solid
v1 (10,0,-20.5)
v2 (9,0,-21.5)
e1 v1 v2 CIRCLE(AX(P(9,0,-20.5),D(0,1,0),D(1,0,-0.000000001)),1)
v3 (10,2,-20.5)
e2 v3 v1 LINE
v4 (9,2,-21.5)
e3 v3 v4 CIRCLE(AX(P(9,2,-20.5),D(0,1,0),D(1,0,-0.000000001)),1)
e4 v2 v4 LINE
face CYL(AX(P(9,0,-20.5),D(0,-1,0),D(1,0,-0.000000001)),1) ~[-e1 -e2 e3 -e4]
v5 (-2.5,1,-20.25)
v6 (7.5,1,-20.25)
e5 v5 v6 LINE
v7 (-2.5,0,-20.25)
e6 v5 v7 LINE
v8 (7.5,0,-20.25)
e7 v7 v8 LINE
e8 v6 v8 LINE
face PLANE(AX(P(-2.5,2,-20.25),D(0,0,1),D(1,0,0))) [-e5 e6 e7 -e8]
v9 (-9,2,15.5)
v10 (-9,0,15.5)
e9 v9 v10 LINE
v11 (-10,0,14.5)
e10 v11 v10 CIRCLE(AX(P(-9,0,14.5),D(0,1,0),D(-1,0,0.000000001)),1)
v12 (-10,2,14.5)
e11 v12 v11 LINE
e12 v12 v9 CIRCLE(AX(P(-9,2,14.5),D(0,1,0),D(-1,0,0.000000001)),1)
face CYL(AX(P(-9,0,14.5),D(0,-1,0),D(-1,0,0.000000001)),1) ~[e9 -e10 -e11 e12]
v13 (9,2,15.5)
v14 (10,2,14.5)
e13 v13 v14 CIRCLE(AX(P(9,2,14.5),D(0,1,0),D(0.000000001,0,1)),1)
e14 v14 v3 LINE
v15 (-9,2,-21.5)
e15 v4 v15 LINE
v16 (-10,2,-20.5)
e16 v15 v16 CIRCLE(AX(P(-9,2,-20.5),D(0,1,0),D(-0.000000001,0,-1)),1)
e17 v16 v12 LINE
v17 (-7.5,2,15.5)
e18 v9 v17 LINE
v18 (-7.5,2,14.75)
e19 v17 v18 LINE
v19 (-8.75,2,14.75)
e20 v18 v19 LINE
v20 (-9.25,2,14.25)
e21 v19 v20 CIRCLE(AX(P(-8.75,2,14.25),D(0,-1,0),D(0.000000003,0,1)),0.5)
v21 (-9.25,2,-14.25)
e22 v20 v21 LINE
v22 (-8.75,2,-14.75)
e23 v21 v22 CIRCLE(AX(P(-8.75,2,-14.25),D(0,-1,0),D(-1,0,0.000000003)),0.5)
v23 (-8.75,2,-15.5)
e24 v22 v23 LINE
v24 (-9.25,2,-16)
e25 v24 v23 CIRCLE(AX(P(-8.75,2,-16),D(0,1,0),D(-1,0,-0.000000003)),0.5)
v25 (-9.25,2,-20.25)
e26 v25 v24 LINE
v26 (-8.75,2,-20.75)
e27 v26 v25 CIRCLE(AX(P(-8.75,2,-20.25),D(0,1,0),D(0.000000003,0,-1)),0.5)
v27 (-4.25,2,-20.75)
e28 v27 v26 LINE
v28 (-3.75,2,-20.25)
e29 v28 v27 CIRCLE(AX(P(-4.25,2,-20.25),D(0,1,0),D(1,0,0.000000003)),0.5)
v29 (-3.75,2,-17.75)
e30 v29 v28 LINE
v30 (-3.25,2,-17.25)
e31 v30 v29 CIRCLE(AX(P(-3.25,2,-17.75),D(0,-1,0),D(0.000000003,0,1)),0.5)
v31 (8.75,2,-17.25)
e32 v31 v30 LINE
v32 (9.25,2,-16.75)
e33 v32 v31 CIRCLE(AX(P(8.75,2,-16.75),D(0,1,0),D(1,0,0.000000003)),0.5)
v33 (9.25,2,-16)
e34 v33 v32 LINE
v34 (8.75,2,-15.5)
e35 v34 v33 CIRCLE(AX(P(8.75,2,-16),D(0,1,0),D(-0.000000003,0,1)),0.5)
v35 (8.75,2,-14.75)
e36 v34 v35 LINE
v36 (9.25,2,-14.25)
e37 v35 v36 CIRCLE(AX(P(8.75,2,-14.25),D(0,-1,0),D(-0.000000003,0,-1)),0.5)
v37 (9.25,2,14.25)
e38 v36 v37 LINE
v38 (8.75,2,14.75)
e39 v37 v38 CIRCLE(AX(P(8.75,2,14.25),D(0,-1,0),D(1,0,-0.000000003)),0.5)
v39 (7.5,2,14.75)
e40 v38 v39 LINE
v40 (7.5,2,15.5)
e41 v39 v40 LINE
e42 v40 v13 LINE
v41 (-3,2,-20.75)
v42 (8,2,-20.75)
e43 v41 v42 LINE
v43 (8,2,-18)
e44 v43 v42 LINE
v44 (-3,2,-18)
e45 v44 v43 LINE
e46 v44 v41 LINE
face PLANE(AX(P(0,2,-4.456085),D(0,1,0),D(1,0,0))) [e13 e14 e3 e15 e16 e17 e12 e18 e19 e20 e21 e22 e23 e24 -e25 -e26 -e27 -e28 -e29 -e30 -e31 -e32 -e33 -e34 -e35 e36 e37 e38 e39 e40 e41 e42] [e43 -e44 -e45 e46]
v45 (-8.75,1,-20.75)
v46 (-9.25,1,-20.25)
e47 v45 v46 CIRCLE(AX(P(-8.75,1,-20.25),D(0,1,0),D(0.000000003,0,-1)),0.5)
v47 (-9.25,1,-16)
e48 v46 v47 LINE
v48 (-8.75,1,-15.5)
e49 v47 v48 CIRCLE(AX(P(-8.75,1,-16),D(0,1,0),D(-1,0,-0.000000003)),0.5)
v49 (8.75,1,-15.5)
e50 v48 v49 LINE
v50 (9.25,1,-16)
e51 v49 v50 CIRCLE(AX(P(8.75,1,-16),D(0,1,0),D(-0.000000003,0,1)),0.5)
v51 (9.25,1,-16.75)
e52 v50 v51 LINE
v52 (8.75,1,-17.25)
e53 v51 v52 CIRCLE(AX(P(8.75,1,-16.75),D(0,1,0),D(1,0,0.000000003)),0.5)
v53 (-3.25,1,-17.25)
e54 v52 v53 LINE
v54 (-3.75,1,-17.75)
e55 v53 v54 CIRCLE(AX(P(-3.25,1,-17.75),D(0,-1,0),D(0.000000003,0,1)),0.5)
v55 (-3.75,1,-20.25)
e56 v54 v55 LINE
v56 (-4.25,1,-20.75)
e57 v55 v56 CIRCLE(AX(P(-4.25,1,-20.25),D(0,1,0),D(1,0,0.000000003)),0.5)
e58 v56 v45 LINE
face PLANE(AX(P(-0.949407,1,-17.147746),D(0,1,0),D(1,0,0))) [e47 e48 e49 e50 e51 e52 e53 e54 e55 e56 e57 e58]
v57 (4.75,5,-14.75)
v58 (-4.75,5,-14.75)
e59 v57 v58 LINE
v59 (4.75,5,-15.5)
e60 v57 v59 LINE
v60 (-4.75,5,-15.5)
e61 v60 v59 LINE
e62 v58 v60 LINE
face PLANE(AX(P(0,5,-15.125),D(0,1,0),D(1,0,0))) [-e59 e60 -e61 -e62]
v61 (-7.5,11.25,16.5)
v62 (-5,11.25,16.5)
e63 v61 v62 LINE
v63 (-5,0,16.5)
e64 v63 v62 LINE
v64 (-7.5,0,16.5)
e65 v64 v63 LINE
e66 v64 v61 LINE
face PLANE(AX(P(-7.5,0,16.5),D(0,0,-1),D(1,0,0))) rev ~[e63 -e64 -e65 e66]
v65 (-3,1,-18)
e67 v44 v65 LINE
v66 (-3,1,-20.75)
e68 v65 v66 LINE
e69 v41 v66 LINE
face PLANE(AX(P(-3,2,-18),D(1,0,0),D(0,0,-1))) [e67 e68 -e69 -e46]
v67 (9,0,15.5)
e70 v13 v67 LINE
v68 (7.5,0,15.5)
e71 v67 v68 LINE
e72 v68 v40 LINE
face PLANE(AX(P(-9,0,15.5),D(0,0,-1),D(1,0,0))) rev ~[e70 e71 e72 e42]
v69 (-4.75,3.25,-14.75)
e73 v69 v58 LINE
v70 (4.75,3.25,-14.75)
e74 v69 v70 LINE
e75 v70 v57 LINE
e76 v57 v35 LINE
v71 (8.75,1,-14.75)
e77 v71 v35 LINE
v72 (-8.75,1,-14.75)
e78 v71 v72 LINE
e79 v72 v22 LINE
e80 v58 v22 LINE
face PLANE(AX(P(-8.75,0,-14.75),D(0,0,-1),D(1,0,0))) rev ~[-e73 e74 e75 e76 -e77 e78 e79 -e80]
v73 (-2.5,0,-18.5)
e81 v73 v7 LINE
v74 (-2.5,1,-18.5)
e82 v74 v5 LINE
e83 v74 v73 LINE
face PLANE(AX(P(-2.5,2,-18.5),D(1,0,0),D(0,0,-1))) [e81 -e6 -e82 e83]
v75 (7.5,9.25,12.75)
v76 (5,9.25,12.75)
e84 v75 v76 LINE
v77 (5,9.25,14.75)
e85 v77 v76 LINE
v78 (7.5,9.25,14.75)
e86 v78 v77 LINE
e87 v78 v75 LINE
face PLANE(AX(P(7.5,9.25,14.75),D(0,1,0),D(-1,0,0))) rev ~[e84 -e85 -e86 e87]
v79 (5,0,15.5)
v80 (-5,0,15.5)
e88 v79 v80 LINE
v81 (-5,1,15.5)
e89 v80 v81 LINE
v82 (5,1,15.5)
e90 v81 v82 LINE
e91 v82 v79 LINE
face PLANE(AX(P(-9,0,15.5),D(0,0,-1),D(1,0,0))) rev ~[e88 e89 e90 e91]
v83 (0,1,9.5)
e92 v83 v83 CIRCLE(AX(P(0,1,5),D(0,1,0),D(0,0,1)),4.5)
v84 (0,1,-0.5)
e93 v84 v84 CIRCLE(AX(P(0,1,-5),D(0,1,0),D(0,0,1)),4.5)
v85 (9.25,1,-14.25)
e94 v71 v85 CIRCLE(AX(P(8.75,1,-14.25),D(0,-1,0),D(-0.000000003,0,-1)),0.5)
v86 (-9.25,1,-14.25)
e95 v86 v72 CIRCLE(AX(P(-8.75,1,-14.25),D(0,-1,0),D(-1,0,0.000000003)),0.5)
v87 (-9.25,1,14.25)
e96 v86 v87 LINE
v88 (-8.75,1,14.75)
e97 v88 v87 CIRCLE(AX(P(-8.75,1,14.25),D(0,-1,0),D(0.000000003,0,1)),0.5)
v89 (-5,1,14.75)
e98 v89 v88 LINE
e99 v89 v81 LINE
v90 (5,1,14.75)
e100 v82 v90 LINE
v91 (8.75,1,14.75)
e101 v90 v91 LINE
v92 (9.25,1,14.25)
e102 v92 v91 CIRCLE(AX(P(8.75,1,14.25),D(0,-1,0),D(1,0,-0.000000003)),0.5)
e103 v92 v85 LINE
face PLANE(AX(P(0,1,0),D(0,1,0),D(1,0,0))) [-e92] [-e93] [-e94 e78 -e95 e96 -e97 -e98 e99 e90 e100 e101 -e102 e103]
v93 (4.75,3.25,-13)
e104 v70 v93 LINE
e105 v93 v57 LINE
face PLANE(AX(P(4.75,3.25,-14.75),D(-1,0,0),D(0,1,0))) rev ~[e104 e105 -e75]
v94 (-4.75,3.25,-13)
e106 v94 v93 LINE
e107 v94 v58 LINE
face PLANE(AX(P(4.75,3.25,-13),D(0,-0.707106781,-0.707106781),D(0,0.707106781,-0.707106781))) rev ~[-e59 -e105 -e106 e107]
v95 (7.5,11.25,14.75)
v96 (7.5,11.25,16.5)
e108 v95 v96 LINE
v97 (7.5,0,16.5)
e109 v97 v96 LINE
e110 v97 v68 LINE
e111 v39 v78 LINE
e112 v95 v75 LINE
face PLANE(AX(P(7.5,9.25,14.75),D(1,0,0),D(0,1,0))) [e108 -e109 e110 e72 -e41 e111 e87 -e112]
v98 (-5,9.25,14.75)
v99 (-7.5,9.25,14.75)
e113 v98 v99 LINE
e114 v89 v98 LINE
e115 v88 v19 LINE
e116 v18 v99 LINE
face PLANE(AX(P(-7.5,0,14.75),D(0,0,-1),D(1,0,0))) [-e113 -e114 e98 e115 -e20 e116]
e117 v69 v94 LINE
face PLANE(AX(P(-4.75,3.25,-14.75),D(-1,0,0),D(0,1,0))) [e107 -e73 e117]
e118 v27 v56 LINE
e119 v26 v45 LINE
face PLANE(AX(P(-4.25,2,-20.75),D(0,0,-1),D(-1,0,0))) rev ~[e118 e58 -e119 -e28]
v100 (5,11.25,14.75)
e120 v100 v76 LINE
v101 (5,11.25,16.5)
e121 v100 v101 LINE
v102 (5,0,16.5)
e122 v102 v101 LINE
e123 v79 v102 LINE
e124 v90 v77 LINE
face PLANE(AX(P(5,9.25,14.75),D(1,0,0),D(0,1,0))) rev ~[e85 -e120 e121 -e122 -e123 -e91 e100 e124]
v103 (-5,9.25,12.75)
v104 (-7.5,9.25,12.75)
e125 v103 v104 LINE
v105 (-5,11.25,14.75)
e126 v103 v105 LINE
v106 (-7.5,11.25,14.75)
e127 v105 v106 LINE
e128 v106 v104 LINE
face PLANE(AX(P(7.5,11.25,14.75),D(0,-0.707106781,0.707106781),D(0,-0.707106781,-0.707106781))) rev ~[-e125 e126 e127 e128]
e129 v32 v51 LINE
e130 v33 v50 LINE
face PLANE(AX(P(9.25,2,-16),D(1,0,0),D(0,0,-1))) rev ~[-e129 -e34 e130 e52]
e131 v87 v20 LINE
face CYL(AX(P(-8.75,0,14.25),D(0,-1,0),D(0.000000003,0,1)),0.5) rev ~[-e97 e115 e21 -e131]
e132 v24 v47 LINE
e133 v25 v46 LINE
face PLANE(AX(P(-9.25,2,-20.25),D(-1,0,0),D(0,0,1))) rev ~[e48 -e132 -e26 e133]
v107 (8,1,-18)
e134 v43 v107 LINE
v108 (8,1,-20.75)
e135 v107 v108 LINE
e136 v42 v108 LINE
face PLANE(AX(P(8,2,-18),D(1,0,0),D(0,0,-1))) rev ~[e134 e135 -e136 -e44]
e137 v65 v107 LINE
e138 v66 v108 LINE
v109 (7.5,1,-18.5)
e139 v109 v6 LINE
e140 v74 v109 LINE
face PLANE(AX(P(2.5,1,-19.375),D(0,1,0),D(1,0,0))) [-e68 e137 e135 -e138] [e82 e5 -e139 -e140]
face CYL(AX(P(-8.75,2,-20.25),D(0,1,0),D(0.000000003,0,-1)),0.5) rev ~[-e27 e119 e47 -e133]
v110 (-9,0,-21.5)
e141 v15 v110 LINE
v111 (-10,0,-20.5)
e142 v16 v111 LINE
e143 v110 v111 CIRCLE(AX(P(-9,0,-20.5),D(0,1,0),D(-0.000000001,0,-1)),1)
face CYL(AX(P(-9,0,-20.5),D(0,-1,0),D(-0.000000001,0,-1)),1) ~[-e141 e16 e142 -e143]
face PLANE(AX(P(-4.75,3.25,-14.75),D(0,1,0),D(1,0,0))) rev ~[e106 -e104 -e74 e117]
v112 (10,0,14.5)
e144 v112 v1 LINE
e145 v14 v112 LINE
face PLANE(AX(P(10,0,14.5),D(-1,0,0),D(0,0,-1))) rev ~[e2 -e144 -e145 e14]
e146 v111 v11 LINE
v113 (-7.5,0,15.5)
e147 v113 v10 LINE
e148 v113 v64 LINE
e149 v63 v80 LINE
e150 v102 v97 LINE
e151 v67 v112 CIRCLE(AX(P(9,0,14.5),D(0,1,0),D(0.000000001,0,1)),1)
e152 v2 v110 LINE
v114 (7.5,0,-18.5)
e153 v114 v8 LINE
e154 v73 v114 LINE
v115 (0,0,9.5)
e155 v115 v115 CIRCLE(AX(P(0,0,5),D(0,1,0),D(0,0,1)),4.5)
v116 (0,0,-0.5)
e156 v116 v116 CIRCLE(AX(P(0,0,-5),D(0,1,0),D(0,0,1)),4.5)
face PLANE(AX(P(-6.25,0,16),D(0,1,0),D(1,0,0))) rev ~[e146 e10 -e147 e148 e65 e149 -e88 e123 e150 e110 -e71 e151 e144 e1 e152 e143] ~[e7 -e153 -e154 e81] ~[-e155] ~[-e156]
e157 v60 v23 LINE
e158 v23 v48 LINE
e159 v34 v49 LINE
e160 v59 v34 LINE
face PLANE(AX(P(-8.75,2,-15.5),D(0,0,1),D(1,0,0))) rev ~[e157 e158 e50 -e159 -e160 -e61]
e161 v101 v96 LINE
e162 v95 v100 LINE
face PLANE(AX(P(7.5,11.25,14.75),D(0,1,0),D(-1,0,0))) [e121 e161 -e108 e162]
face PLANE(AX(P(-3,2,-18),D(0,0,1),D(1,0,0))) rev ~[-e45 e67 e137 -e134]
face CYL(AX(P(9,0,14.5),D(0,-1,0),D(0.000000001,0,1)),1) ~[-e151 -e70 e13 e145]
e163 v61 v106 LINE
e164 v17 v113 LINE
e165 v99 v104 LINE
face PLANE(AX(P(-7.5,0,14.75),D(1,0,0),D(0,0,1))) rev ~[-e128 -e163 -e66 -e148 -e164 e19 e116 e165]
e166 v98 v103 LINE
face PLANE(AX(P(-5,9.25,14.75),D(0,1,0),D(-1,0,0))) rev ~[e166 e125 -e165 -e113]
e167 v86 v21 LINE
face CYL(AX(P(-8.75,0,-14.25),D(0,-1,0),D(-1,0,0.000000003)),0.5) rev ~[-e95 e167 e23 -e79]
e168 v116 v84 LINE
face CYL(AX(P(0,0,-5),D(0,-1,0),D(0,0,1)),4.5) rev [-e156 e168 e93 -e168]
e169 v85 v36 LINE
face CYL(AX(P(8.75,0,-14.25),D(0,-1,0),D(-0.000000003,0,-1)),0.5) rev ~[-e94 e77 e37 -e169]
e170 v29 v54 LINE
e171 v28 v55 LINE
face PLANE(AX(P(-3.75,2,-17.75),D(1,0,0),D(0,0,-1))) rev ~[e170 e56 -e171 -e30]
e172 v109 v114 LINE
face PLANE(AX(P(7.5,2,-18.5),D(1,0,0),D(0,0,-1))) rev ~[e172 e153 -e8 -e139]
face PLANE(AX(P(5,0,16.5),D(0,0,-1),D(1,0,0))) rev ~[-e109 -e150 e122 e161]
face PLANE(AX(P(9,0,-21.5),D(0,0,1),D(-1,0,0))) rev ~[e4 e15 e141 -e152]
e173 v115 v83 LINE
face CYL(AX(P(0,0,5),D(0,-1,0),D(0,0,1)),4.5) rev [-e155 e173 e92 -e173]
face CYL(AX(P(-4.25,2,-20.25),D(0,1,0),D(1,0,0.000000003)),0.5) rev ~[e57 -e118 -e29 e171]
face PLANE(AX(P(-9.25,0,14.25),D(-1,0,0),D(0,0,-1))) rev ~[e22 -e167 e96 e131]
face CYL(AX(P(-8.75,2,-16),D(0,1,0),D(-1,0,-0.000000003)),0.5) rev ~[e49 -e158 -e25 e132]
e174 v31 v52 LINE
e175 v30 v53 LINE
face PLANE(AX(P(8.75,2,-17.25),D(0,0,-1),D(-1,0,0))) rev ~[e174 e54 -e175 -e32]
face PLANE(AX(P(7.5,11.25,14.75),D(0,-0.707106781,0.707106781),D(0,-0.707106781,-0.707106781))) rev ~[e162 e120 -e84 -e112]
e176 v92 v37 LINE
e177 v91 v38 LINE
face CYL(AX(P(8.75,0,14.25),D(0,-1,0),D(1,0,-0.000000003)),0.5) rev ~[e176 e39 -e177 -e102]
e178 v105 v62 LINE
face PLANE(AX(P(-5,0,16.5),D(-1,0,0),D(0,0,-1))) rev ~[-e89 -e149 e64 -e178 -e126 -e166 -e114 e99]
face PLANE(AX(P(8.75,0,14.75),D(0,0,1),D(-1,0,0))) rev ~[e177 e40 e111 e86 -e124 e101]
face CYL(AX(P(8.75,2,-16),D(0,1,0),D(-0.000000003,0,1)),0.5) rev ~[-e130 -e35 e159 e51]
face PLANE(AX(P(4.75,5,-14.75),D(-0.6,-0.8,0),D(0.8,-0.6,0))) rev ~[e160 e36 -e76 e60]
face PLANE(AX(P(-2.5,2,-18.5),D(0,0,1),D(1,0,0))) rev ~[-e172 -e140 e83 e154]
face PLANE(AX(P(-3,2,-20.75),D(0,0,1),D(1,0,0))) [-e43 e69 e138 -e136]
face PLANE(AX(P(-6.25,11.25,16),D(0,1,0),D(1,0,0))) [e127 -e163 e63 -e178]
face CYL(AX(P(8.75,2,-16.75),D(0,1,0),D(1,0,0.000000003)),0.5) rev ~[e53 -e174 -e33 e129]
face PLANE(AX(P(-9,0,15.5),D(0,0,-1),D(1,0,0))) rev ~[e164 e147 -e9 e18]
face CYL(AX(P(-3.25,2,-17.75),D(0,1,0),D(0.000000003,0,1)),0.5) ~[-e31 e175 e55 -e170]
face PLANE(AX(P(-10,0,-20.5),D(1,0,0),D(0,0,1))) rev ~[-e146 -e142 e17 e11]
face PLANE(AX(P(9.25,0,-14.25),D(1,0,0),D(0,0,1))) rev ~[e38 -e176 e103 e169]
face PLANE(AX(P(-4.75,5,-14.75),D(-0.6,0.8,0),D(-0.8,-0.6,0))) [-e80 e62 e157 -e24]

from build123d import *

# Parameters (mm, degrees)
BOSS_EXTRUDE1_DEPTH  = 1
PCB_HOLDER_52_R      = 4.5
BOSS_EXTRUDE2_DEPTH  = 1
BOSS_EXTRUDE3_DEPTH  = 2
PCB_HOLDER_57_W      = 17.5
PCB_HOLDER_57_H      = 0.75
BOSS_EXTRUDE7_DEPTH  = 5
SKETCH6_W            = 9.5
SKETCH6_H            = 1.75
BOSS_EXTRUDE9_DEPTH  = 1.75
CUT_EXTRUDE7_DEPTH   = 0.75
PCB_HOLDER_58_W      = 2.5
PCB_HOLDER_58_H      = 1
PCB_HOLDER_58_H_2    = 0.75
BOSS_EXTRUDE10_DEPTH = 11.25
SKETCH10_W           = 2.5
SKETCH10_H           = 2
BOSS_EXTRUDE11_DEPTH = 2
CUT_EXTRUDE8_DEPTH   = 15
CUT_EXTRUDE12_DEPTH  = 9.5
SKETCH12_W           = 11
SKETCH12_H           = 2.75
SKETCH12_W_2         = 10
SKETCH12_H_2         = 1.75
CUT_EXTRUDE15_DEPTH  = 1
SKETCH12_3_W         = 10
SKETCH12_3_H         = 1.75
CUT_EXTRUDE16_DEPTH  = 2


with BuildPart() as part:
    # PCB holder → Boss-Extrude1 (new body)
    with BuildSketch(Plane(origin=(0, 0, 0), x_dir=(1, 0, 0), z_dir=(0, 1, 0))):
        with BuildLine():
            Line((9, 21.5), (-9, 21.5))
            ThreePointArc((-9, 21.5), (-9.707106781, 21.207106781), (-10, 20.5))
            Line((-10, 20.5), (-10, -14.5))
            ThreePointArc((-10, -14.5), (-9.707106781, -15.207106781), (-9, -15.5))
            Line((-9, -15.5), (9, -15.5))
            ThreePointArc((9, -15.5), (9.707106781, -15.207106781), (10, -14.5))
            Line((10, -14.5), (10, 20.5))
            ThreePointArc((10, 20.5), (9.707106781, 21.207106781), (9, 21.5))
        make_face()
        with BuildLine():
            Line((9.25, 14.25), (9.25, -14.25))
            ThreePointArc((9.25, -14.25), (9.103553391, -14.603553391), (8.75, -14.75))
            Line((8.75, -14.75), (-8.75, -14.75))
            ThreePointArc((-8.75, -14.75), (-9.103553391, -14.603553391), (-9.25, -14.25))
            Line((-9.25, -14.25), (-9.25, 14.25))
            ThreePointArc((-9.25, 14.25), (-9.103553391, 14.603553391), (-8.75, 14.75))
            Line((-8.75, 14.75), (8.75, 14.75))
            ThreePointArc((8.75, 14.75), (9.103553391, 14.603553391), (9.25, 14.25))
        make_face(mode=Mode.SUBTRACT)
    extrude(amount=BOSS_EXTRUDE1_DEPTH)

    # PCB holder<52> → Boss-Extrude2 (add)
    with BuildSketch(Plane(origin=(0, 0, 0), x_dir=(1, 0, 0), z_dir=(0, 1, 0))):
        with BuildLine():
            Line((-9.25, 14.25), (-9.25, -14.25))
            ThreePointArc((-9.25, -14.25), (-9.103553391, -14.603553391), (-8.75, -14.75))
            Line((-8.75, -14.75), (8.75, -14.75))
            ThreePointArc((8.75, -14.75), (9.103553391, -14.603553391), (9.25, -14.25))
            Line((9.25, -14.25), (9.25, 14.25))
            ThreePointArc((9.25, 14.25), (9.103553391, 14.603553391), (8.75, 14.75))
            Line((8.75, 14.75), (-8.75, 14.75))
            ThreePointArc((-8.75, 14.75), (-9.103553391, 14.603553391), (-9.25, 14.25))
        make_face()
        with Locations(Location((0, -5, 0), (0, 0, 270))):
            Circle(PCB_HOLDER_52_R, mode=Mode.SUBTRACT)
        with Locations(Location((0, 5, 0), (0, 0, 270))):
            Circle(PCB_HOLDER_52_R, mode=Mode.SUBTRACT)
    extrude(amount=BOSS_EXTRUDE2_DEPTH)

    # PCB holder<55> → Boss-Extrude3 (add)
    with BuildSketch(Plane(origin=(0, 0, 0), x_dir=(1, 0, 0), z_dir=(0, 1, 0))):
        with BuildLine():
            Line((8.75, 15.5), (8.75, 14.75))
            ThreePointArc((8.75, 14.75), (9.103553391, 14.603553391), (9.25, 14.25))
            Line((9.25, 14.25), (9.25, -14.25))
            ThreePointArc((9.25, -14.25), (9.103553391, -14.603553391), (8.75, -14.75))
            Line((8.75, -14.75), (7.5, -14.75))
            Line((7.5, -14.75), (7.5, -15.5))
            Line((7.5, -15.5), (9, -15.5))
            ThreePointArc((9, -15.5), (9.707106781, -15.207106781), (10, -14.5))
            Line((10, -14.5), (10, 20.5))
            ThreePointArc((10, 20.5), (9.707106781, 21.207106781), (9, 21.5))
            Line((9, 21.5), (-9, 21.5))
            ThreePointArc((-9, 21.5), (-9.707106781, 21.207106781), (-10, 20.5))
            Line((-10, 20.5), (-10, -14.5))
            ThreePointArc((-10, -14.5), (-9.707106781, -15.207106781), (-9, -15.5))
            Line((-9, -15.5), (-7.5, -15.5))
            Line((-7.5, -15.5), (-7.5, -14.75))
            Line((-7.5, -14.75), (-8.75, -14.75))
            ThreePointArc((-8.75, -14.75), (-9.103553391, -14.603553391), (-9.25, -14.25))
            Line((-9.25, -14.25), (-9.25, 14.25))
            ThreePointArc((-9.25, 14.25), (-9.103553391, 14.603553391), (-8.75, 14.75))
            Line((-8.75, 14.75), (-8.75, 15.5))
            Line((-8.75, 15.5), (8.75, 15.5))
        make_face()
    extrude(amount=BOSS_EXTRUDE3_DEPTH)

    # PCB holder<57> → Boss-Extrude7 (add)
    with BuildSketch(Plane(origin=(0, 0, 0), x_dir=(1, 0, 0), z_dir=(0, 1, 0))):
        with Locations((0, 15.125)):
            Rectangle(PCB_HOLDER_57_W, PCB_HOLDER_57_H)
    extrude(amount=BOSS_EXTRUDE7_DEPTH)

    # Sketch6 → Boss-Extrude9 (add)
    with BuildSketch(Plane.XY.offset(-14.75)):
        with Locations((0, 4.125)):
            Rectangle(SKETCH6_W, SKETCH6_H)
    extrude(amount=BOSS_EXTRUDE9_DEPTH)

    # Sketch8 → Cut-Extrude7 (cut)
    with BuildSketch(Plane.XY.offset(-14.75)):
        Polygon((4.75, 5), (8.75, 2), (8.75, 5), align=None)
        Polygon((-4.75, 5), (-8.75, 2), (-8.75, 5), align=None)
    extrude(amount=-CUT_EXTRUDE7_DEPTH, mode=Mode.SUBTRACT)

    # PCB holder<58> → Boss-Extrude10 (add)
    with BuildSketch(Plane(origin=(0, 0, 0), x_dir=(1, 0, 0), z_dir=(0, 1, 0))):
        with Locations((-6.25, -16)):
            Rectangle(PCB_HOLDER_58_W, PCB_HOLDER_58_H)
        with Locations((-6.25, -15.125)):
            Rectangle(PCB_HOLDER_58_W, PCB_HOLDER_58_H_2)
        with Locations((6.25, -16)):
            Rectangle(PCB_HOLDER_58_W, PCB_HOLDER_58_H)
        with Locations((6.25, -15.125)):
            Rectangle(PCB_HOLDER_58_W, PCB_HOLDER_58_H_2)
    extrude(amount=BOSS_EXTRUDE10_DEPTH)

    # Sketch10 → Boss-Extrude11 (add)
    with BuildSketch(Plane(origin=(0, 0, 14.75), x_dir=(-1, 0, 0), z_dir=(0, 0, -1))):
        with Locations((-6.25, 10.25)):
            Rectangle(SKETCH10_W, SKETCH10_H)
        with Locations((6.25, 10.25)):
            Rectangle(SKETCH10_W, SKETCH10_H)
    extrude(amount=BOSS_EXTRUDE11_DEPTH)

    # Sketch11 → Cut-Extrude8 (cut)
    with BuildSketch(Plane(origin=(7.5, 0, 0), x_dir=(0, 0, -1), z_dir=(1, 0, 0))):
        Polygon((-14.75, 11.25), (-12.75, 9.25), (-12.75, 11.25), align=None)
    extrude(amount=-CUT_EXTRUDE8_DEPTH, mode=Mode.SUBTRACT)

    # Sketch7 → Cut-Extrude12 (cut)
    with BuildSketch(Plane(origin=(4.75, 0, 0), x_dir=(0, 0, -1), z_dir=(1, 0, 0))):
        Polygon((13, 3.25), (14.75, 5), (13, 5), align=None)
    extrude(amount=-CUT_EXTRUDE12_DEPTH, mode=Mode.SUBTRACT)

    # Sketch12 → Cut-Extrude15 (cut)
    # profile 1 of 2: a face of its own
    with BuildSketch(Plane(origin=(0, 2, 0), x_dir=(1, 0, 0), z_dir=(0, 1, 0))):
        with BuildLine():
            Line((9.25, 16), (9.25, 16.75))
            ThreePointArc((9.25, 16.75), (9.103553391, 17.103553391), (8.75, 17.25))
            Line((8.75, 17.25), (-3.25, 17.25))
            ThreePointArc((-3.25, 17.25), (-3.603553391, 17.396446609), (-3.75, 17.75))
            Line((-3.75, 17.75), (-3.75, 20.25))
            ThreePointArc((-3.75, 20.25), (-3.896446609, 20.603553391), (-4.25, 20.75))
            Line((-4.25, 20.75), (-8.75, 20.75))
            ThreePointArc((-8.75, 20.75), (-9.103553391, 20.603553391), (-9.25, 20.25))
            Line((-9.25, 20.25), (-9.25, 16))
            ThreePointArc((-9.25, 16), (-9.103553391, 15.646446609), (-8.75, 15.5))
            Line((-8.75, 15.5), (8.75, 15.5))
            ThreePointArc((8.75, 15.5), (9.103553391, 15.646446609), (9.25, 16))
        make_face()
    # profile 2 of 2: a face of its own
    with BuildSketch(Plane(origin=(0, 2, 0), x_dir=(1, 0, 0), z_dir=(0, 1, 0))):
        with Locations((2.5, 19.375)):
            Rectangle(SKETCH12_W, SKETCH12_H)
        with Locations((2.5, 19.375)):
            Rectangle(SKETCH12_W_2, SKETCH12_H_2, mode=Mode.SUBTRACT)
    extrude(amount=-CUT_EXTRUDE15_DEPTH, mode=Mode.SUBTRACT)

    # Sketch12<3> → Cut-Extrude16 (cut)
    with BuildSketch(Plane(origin=(0, 2, 0), x_dir=(1, 0, 0), z_dir=(0, 1, 0))):
        with Locations((2.5, 19.375)):
            Rectangle(SKETCH12_3_W, SKETCH12_3_H)
    extrude(amount=-CUT_EXTRUDE16_DEPTH, mode=Mode.SUBTRACT)


solid = part.part
